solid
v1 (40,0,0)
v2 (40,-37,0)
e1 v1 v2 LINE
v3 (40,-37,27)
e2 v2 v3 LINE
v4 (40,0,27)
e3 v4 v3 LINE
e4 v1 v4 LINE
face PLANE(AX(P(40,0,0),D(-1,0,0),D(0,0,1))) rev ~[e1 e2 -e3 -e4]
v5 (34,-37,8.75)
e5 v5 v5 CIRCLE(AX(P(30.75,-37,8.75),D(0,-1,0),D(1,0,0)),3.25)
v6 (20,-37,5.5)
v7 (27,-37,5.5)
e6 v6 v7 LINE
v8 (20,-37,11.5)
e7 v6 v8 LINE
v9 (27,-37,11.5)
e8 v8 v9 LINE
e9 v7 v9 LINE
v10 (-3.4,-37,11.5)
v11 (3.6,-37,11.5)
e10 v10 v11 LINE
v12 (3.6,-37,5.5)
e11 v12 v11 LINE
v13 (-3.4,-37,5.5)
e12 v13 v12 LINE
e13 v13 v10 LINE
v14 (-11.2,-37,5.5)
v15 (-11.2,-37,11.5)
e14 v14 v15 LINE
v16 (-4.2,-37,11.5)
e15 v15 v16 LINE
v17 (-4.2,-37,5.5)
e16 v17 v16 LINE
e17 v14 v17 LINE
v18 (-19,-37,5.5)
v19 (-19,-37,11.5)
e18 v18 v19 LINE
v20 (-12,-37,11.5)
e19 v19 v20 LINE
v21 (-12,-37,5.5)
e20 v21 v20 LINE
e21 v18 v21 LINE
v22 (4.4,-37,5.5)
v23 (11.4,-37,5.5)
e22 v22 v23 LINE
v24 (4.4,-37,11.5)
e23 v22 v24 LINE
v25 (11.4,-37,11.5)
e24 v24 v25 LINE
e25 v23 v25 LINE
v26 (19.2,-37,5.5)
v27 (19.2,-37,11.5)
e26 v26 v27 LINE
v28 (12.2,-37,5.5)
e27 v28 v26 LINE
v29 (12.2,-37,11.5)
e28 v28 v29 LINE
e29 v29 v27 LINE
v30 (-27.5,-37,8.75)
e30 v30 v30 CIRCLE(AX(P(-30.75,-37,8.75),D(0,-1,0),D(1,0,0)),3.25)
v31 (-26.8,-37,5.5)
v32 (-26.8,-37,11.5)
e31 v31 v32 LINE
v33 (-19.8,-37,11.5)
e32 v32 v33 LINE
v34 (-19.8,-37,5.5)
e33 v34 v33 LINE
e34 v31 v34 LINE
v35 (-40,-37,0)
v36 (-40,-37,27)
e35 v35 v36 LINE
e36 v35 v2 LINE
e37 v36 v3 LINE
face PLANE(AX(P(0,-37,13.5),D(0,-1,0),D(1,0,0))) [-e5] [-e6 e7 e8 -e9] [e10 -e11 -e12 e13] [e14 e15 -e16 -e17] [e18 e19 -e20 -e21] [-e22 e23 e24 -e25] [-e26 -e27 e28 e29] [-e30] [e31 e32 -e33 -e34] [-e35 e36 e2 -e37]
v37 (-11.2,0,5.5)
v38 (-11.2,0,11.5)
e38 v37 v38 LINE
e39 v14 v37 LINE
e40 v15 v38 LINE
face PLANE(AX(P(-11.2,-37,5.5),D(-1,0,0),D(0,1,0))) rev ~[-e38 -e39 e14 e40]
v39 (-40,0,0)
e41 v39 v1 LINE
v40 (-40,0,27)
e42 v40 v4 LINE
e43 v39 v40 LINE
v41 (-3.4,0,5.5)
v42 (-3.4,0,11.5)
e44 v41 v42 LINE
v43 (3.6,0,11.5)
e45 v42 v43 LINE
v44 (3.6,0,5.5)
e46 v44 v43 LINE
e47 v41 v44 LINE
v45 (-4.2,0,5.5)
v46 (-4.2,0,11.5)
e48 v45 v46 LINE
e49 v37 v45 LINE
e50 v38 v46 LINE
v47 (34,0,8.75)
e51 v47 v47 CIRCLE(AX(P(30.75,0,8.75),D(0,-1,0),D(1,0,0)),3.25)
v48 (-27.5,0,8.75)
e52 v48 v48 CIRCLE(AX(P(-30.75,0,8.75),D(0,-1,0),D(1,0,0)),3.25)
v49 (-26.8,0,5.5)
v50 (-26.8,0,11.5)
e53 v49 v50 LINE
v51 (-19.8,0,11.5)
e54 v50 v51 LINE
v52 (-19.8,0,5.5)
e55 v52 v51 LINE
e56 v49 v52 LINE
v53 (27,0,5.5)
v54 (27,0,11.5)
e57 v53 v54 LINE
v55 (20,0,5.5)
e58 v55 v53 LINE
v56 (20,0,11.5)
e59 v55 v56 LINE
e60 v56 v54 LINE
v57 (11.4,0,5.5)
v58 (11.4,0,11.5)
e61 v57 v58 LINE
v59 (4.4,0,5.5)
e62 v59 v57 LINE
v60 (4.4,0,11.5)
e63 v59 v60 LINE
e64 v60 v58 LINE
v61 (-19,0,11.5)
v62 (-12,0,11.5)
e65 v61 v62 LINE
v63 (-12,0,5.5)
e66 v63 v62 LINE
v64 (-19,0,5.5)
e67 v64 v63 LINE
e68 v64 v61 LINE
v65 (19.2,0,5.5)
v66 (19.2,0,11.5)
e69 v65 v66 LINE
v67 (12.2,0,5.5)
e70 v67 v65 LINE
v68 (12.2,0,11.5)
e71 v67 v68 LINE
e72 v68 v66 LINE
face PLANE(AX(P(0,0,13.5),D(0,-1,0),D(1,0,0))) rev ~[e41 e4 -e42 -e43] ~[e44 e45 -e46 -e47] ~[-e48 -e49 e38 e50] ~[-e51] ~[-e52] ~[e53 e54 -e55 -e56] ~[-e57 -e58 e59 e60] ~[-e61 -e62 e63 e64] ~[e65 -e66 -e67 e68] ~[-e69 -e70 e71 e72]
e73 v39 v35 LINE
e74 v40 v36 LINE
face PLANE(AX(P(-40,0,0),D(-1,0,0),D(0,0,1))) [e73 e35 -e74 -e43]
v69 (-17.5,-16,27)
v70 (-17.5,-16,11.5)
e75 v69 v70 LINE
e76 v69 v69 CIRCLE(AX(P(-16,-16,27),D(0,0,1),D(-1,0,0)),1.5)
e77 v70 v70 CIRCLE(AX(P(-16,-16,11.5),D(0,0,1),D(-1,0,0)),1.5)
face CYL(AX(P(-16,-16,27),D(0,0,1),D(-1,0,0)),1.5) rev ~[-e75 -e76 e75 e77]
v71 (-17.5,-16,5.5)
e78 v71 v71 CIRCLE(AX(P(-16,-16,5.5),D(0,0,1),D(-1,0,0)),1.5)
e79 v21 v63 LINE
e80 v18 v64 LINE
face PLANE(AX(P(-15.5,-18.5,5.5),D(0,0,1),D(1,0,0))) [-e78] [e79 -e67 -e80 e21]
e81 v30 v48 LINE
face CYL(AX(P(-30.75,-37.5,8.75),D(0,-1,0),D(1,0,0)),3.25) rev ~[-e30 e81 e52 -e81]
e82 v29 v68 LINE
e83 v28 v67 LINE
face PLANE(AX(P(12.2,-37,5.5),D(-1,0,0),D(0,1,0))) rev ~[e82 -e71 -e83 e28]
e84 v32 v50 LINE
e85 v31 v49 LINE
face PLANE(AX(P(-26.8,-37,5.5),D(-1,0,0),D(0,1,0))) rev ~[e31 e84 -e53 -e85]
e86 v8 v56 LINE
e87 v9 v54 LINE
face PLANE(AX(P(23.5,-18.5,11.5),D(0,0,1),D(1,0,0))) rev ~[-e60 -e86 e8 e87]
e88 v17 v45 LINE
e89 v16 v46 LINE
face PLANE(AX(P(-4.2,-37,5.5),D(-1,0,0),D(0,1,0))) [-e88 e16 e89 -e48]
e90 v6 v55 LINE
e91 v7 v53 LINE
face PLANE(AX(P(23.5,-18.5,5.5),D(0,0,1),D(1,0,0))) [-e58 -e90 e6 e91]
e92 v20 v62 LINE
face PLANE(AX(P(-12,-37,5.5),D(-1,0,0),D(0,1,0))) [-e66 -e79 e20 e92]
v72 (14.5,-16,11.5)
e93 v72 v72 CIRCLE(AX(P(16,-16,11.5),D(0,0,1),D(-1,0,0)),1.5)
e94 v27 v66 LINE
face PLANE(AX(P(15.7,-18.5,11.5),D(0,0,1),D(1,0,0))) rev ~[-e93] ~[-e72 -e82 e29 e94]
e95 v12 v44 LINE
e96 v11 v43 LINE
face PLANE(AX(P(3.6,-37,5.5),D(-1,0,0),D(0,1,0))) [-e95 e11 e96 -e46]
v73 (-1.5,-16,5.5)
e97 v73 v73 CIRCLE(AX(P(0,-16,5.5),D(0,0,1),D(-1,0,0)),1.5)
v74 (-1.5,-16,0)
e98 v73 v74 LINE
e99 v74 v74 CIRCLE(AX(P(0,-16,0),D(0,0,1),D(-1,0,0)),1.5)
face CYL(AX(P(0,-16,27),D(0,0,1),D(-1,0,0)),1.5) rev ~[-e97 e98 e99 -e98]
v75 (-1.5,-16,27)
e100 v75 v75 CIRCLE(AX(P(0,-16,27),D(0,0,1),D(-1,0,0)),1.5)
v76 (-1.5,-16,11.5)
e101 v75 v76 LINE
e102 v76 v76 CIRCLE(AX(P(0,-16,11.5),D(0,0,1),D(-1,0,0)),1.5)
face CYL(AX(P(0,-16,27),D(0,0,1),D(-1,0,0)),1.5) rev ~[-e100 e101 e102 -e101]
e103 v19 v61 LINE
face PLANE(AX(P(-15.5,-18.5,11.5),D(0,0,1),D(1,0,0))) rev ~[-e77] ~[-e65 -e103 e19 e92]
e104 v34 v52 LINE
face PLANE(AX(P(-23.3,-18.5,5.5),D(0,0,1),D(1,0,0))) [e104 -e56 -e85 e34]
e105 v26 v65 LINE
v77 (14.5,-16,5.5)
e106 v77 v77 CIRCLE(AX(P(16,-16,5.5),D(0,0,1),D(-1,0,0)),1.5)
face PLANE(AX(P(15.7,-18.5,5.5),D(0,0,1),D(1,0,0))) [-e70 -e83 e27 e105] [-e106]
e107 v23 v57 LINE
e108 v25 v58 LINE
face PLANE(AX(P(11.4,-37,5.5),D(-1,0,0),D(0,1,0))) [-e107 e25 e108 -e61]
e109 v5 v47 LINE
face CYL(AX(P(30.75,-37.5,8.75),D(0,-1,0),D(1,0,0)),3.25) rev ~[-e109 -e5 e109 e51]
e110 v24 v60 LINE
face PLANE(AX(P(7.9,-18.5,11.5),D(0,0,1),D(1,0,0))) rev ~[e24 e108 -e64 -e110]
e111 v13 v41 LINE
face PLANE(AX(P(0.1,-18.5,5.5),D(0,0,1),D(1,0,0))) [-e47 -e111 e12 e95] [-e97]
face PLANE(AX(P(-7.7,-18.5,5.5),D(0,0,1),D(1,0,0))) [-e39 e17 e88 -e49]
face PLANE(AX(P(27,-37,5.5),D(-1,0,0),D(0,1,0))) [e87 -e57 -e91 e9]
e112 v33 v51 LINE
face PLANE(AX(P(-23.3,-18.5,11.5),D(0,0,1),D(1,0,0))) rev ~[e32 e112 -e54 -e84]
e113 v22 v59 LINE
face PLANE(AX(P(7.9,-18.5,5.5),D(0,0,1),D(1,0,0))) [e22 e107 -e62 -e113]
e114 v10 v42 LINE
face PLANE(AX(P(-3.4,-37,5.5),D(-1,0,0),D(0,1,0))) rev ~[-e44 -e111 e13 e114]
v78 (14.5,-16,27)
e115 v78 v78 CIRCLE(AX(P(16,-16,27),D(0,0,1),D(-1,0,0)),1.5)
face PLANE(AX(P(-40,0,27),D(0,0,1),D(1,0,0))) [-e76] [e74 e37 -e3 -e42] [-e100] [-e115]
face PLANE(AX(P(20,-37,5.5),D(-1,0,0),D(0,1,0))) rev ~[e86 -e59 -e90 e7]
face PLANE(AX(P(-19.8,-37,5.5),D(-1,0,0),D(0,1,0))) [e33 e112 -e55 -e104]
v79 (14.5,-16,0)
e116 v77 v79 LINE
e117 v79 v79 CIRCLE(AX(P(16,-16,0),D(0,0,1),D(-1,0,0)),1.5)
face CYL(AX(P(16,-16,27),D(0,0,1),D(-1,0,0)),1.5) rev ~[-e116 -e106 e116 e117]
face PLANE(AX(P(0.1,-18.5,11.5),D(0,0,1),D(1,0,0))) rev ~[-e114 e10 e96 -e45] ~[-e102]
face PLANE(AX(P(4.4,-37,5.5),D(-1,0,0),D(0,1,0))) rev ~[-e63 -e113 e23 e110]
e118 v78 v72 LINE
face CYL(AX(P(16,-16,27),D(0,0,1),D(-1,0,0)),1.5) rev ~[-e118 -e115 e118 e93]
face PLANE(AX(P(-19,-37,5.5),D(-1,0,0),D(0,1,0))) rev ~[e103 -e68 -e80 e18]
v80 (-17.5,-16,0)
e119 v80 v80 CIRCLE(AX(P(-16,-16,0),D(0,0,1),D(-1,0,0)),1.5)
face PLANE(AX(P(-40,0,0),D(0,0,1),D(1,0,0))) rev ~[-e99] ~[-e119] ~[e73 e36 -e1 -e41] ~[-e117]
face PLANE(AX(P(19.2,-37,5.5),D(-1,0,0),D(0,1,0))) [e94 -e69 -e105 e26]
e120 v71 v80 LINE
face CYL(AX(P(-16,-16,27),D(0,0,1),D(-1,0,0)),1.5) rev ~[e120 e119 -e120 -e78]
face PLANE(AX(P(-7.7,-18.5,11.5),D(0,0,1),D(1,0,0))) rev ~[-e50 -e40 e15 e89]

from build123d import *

# Parameters (mm, degrees)
BOX_W           = 7
BOX_H           = 37
BOX_DEPTH       = 6
ARRAY_X_COUNT   = 7
ARRAY_X_PITCH   = 7.8
SKETCH_W        = 80
SKETCH_H        = 27
PAD_DEPTH       = 37
SKETCH001_R     = 3.25
POCKET_DEPTH    = 37.501
SKETCH002_R     = 1.5
POCKET001_DEPTH = 27.001


with BuildPart() as array:
    # Box → Box (new body)
    with BuildSketch(Plane(origin=(20, -37, 5.5), x_dir=(1, 0, 0), z_dir=(0, 0, 1))):
        with Locations((3.5, 18.5)):
            Rectangle(BOX_W, BOX_H)
    extrude(amount=BOX_DEPTH)

    # Array X: Array ×7


with BuildPart() as array_1:
    add(array.part)
    with Locations(*[(-i * ARRAY_X_PITCH, 0, 0) for i in range(1, ARRAY_X_COUNT)]):
        add(array.part)


with BuildPart() as cut:
    # Sketch → Pad (new body)
    with BuildSketch(Plane.XZ):
        with Locations((0, 13.5)):
            Rectangle(SKETCH_W, SKETCH_H)
    extrude(amount=PAD_DEPTH)

    # Sketch001 → Pocket (cut, through all)
    with BuildSketch(Plane.XZ.offset(37.5)):
        with Locations((-30.75, 8.75)):
            Circle(SKETCH001_R)
        with Locations((30.75, 8.75)):
            Circle(SKETCH001_R)
    extrude(amount=-POCKET_DEPTH, mode=Mode.SUBTRACT)

    # Sketch002 (on Face6 of Pocket) → Pocket001 (cut, through all)
    with BuildSketch(Plane(origin=(0, 0, 27), x_dir=(-1, 0, 0), z_dir=(0, 0, 1))):
        with Locations((-16, 16)):
            Circle(SKETCH002_R)
        with Locations((16, 16)):
            Circle(SKETCH002_R)
        with Locations((0, 16)):
            Circle(SKETCH002_R)
    extrude(amount=-POCKET001_DEPTH, mode=Mode.SUBTRACT)

    # Cut: cut Array
    add(array_1.part, mode=Mode.SUBTRACT)


solid = cut.part
